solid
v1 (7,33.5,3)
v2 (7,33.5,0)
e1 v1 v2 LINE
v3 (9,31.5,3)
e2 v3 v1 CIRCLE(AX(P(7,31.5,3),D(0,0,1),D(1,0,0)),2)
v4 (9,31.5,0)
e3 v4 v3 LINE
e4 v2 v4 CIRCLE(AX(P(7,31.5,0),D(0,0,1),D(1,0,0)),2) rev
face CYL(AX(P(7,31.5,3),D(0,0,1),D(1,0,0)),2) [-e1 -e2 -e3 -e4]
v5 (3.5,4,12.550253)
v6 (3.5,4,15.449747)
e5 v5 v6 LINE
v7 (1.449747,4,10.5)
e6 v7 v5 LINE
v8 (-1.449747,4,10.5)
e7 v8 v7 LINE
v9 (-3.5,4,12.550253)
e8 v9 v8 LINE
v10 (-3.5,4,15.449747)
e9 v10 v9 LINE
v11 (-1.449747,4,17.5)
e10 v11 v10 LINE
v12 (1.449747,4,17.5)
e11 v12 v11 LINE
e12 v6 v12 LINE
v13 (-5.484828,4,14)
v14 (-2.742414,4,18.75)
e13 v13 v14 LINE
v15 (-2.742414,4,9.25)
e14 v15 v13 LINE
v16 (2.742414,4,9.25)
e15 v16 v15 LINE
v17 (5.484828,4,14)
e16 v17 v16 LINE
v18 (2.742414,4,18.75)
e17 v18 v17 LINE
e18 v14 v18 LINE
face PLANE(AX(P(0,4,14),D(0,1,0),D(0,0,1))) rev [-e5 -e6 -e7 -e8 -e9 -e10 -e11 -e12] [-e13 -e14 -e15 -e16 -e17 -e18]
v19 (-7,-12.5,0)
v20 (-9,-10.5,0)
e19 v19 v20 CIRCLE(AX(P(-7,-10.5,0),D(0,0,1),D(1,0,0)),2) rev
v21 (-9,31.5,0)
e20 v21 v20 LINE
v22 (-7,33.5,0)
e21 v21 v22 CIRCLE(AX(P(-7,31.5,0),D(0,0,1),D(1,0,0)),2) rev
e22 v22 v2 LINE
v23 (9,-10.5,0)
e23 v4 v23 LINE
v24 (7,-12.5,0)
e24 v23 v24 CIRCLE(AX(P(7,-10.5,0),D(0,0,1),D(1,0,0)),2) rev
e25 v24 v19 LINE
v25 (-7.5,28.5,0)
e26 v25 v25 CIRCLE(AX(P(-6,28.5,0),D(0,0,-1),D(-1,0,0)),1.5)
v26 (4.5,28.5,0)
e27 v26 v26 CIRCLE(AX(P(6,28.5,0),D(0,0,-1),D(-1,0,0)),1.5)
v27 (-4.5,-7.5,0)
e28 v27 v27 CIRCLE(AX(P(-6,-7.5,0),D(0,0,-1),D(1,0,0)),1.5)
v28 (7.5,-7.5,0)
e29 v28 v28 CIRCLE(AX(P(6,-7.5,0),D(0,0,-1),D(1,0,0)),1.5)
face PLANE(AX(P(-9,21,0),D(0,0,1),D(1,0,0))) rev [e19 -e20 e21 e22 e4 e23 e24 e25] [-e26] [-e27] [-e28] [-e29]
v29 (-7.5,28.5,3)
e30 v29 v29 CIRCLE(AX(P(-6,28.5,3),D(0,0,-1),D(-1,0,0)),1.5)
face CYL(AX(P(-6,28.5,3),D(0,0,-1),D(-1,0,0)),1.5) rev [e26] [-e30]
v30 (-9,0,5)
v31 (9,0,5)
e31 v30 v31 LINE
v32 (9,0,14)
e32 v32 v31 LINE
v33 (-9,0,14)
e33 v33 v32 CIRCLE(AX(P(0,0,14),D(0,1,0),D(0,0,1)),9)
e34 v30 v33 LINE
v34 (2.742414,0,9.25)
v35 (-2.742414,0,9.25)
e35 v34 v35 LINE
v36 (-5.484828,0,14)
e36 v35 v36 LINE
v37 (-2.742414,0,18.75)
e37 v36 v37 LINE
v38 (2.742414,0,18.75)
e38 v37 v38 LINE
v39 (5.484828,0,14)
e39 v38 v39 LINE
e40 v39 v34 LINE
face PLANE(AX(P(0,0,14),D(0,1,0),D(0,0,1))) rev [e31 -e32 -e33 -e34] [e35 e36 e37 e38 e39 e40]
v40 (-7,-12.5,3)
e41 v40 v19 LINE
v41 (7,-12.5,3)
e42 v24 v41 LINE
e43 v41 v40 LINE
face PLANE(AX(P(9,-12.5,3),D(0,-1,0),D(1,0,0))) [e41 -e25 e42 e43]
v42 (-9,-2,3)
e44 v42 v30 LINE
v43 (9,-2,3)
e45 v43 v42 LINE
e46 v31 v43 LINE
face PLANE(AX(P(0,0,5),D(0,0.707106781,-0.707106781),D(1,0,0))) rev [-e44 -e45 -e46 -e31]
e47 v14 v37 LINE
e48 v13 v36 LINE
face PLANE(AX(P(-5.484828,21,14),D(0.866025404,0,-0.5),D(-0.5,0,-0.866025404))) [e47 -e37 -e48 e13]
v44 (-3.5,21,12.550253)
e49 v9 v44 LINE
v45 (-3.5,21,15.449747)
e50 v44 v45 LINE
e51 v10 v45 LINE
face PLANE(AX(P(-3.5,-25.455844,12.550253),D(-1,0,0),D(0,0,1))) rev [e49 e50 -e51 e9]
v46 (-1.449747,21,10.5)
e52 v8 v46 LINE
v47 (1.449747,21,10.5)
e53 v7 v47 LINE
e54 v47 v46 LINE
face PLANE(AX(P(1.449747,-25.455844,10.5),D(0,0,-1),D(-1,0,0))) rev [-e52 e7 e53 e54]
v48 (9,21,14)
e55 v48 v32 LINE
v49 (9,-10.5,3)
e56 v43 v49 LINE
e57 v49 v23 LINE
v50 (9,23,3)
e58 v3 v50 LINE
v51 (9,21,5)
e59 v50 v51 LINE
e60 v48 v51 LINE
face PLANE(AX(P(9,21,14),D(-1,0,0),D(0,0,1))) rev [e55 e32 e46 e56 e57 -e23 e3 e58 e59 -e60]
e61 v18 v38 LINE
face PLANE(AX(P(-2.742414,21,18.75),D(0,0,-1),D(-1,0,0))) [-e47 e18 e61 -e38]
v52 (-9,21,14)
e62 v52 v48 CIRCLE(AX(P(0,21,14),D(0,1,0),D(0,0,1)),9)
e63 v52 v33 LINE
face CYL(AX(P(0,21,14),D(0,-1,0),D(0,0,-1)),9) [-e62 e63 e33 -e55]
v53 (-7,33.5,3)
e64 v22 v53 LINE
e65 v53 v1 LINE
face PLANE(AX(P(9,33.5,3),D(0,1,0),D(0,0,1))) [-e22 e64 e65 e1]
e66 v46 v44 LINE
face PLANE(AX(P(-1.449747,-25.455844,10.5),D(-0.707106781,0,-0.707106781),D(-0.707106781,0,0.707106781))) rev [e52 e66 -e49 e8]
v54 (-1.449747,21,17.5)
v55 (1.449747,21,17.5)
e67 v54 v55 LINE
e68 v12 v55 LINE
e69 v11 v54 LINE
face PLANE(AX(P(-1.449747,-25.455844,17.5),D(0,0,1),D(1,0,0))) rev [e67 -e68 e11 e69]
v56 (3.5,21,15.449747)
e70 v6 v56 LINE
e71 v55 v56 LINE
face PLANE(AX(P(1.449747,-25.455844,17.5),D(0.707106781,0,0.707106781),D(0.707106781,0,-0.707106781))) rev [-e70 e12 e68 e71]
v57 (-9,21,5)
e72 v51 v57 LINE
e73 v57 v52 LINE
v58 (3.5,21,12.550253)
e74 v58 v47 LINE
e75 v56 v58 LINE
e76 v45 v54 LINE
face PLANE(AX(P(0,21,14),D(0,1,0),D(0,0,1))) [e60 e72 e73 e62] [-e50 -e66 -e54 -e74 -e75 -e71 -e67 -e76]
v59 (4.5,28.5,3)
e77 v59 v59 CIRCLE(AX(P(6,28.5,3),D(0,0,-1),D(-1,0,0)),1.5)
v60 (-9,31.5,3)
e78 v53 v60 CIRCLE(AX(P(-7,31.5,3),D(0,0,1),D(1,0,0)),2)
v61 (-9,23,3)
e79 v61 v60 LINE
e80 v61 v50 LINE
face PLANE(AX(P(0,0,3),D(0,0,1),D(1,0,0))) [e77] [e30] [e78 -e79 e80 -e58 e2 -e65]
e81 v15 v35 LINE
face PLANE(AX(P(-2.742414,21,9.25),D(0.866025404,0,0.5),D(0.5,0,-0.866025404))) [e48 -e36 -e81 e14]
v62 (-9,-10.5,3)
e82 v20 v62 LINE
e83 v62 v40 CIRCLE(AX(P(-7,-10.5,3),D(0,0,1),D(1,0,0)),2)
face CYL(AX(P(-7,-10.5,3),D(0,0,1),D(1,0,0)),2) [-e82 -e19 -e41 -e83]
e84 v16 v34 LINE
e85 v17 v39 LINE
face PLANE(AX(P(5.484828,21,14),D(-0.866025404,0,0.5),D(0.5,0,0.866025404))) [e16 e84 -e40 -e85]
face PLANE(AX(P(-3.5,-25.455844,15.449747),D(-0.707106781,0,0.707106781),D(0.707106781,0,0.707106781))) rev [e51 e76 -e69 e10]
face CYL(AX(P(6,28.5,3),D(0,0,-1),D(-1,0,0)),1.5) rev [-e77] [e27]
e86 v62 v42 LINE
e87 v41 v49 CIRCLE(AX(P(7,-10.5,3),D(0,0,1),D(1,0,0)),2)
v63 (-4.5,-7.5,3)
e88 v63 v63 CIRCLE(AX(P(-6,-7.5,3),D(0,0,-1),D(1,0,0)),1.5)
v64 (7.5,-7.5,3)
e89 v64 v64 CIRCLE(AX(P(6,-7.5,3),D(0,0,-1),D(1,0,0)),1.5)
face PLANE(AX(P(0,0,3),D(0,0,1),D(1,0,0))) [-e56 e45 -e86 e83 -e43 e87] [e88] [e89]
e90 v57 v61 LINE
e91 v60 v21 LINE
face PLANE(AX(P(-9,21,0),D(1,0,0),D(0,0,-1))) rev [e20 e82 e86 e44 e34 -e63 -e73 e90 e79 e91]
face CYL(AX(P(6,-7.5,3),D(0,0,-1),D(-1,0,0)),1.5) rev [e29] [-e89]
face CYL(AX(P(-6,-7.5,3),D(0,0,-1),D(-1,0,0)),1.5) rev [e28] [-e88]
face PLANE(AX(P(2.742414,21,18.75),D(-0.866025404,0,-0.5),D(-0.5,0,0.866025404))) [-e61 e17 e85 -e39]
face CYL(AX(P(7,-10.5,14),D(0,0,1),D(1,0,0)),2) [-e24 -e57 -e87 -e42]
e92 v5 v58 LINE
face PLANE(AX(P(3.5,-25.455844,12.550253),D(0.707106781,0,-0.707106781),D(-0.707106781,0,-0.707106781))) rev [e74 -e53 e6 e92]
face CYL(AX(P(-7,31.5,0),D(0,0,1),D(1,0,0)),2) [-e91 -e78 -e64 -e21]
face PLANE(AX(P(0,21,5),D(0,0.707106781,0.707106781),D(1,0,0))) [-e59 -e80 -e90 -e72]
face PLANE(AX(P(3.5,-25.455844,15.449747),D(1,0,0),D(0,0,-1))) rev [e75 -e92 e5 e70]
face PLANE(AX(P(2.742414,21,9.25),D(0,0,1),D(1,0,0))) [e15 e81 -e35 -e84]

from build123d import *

# Parameters (mm, degrees)
BOSS_EXTRUDE1_DEPTH = 21
BOSS_EXTRUDE2_START = -17
SKETCH2_R           = 9
BOSS_EXTRUDE2_DEPTH = 17
SKETCH4_W           = 18
SKETCH4_H           = 12.5
SKETCH4_R           = 1.5
BOSS_EXTRUDE3_DEPTH = 3
FILLET1_R           = 2
CHAMFER1_SIZE       = 2


with BuildPart() as part:
    # Sketch1 → Boss-Extrude1 (new body)
    with BuildSketch(Plane(origin=(0, 0, 0), x_dir=(1, 0, 0), z_dir=(0, 1, 0))):
        with BuildLine():
            Line((-9, 0), (9, 0))
            Line((9, 0), (9, -14))
            ThreePointArc((9, -14), (0, -23), (-9, -14))
            Line((-9, -14), (-9, 0))
        make_face()
        Polygon((-2.742413779, -9.25), (-5.484827557, -14), (-2.742413779, -18.75), (2.742413779, -18.75), (5.484827557, -14), (2.742413779, -9.25), align=None, mode=Mode.SUBTRACT)
    extrude(amount=BOSS_EXTRUDE1_DEPTH)

    # Sketch2 → Boss-Extrude2 (add)
    with BuildSketch(Plane(origin=(0, 21, 0), x_dir=(1, 0, 0), z_dir=(0, 1, 0)).offset(BOSS_EXTRUDE2_START)):
        with Locations((0, -14)):
            Circle(SKETCH2_R)
        Polygon((3.5, -12.550252532), (1.449747468, -10.5), (-1.449747468, -10.5), (-3.5, -12.550252532), (-3.5, -15.449747468), (-1.449747468, -17.5), (1.449747468, -17.5), (3.5, -15.449747468), align=None, mode=Mode.SUBTRACT)
    extrude(amount=BOSS_EXTRUDE2_DEPTH)

    # Sketch4 → Boss-Extrude3 (add)
    # profile 1 of 2: a face of its own
    with BuildSketch(Plane(origin=(0, 0, 0), x_dir=(-1, 0, 0), z_dir=(0, 0, -1))):
        with Locations((0, 27.25)):
            Rectangle(SKETCH4_W, SKETCH4_H)
        with Locations((-6, 28.5)):
            Circle(SKETCH4_R, mode=Mode.SUBTRACT)
        with Locations((6, 28.5)):
            Circle(SKETCH4_R, mode=Mode.SUBTRACT)
    # profile 2 of 2: a face of its own
    with BuildSketch(Plane(origin=(0, 0, 0), x_dir=(-1, 0, 0), z_dir=(0, 0, -1))):
        with Locations((0, -6.25)):
            Rectangle(SKETCH4_W, SKETCH4_H)
        with Locations(Location((6, -7.5, 0), (0, 0, 180))):
            Circle(SKETCH4_R, mode=Mode.SUBTRACT)
        with Locations(Location((-6, -7.5, 0), (0, 0, 180))):
            Circle(SKETCH4_R, mode=Mode.SUBTRACT)
    extrude(amount=-BOSS_EXTRUDE3_DEPTH)

    # Fillet1
    fillet1_edges = [part.edges().sort_by_distance(p)[0] for p in [
        (9, 33.5, 1.5),
        (-9, 33.5, 1.5),
        (-9, -12.5, 1.5),
        (9, -12.5, 1.5),
    ]]
    fillet(fillet1_edges, radius=FILLET1_R)

    # Chamfer1
    chamfer1_edges = [part.edges().sort_by_distance(p)[0] for p in [
        (0, 21, 3),
        (0, 0, 3),
    ]]
    chamfer(chamfer1_edges, length=CHAMFER1_SIZE)


solid = part.part
